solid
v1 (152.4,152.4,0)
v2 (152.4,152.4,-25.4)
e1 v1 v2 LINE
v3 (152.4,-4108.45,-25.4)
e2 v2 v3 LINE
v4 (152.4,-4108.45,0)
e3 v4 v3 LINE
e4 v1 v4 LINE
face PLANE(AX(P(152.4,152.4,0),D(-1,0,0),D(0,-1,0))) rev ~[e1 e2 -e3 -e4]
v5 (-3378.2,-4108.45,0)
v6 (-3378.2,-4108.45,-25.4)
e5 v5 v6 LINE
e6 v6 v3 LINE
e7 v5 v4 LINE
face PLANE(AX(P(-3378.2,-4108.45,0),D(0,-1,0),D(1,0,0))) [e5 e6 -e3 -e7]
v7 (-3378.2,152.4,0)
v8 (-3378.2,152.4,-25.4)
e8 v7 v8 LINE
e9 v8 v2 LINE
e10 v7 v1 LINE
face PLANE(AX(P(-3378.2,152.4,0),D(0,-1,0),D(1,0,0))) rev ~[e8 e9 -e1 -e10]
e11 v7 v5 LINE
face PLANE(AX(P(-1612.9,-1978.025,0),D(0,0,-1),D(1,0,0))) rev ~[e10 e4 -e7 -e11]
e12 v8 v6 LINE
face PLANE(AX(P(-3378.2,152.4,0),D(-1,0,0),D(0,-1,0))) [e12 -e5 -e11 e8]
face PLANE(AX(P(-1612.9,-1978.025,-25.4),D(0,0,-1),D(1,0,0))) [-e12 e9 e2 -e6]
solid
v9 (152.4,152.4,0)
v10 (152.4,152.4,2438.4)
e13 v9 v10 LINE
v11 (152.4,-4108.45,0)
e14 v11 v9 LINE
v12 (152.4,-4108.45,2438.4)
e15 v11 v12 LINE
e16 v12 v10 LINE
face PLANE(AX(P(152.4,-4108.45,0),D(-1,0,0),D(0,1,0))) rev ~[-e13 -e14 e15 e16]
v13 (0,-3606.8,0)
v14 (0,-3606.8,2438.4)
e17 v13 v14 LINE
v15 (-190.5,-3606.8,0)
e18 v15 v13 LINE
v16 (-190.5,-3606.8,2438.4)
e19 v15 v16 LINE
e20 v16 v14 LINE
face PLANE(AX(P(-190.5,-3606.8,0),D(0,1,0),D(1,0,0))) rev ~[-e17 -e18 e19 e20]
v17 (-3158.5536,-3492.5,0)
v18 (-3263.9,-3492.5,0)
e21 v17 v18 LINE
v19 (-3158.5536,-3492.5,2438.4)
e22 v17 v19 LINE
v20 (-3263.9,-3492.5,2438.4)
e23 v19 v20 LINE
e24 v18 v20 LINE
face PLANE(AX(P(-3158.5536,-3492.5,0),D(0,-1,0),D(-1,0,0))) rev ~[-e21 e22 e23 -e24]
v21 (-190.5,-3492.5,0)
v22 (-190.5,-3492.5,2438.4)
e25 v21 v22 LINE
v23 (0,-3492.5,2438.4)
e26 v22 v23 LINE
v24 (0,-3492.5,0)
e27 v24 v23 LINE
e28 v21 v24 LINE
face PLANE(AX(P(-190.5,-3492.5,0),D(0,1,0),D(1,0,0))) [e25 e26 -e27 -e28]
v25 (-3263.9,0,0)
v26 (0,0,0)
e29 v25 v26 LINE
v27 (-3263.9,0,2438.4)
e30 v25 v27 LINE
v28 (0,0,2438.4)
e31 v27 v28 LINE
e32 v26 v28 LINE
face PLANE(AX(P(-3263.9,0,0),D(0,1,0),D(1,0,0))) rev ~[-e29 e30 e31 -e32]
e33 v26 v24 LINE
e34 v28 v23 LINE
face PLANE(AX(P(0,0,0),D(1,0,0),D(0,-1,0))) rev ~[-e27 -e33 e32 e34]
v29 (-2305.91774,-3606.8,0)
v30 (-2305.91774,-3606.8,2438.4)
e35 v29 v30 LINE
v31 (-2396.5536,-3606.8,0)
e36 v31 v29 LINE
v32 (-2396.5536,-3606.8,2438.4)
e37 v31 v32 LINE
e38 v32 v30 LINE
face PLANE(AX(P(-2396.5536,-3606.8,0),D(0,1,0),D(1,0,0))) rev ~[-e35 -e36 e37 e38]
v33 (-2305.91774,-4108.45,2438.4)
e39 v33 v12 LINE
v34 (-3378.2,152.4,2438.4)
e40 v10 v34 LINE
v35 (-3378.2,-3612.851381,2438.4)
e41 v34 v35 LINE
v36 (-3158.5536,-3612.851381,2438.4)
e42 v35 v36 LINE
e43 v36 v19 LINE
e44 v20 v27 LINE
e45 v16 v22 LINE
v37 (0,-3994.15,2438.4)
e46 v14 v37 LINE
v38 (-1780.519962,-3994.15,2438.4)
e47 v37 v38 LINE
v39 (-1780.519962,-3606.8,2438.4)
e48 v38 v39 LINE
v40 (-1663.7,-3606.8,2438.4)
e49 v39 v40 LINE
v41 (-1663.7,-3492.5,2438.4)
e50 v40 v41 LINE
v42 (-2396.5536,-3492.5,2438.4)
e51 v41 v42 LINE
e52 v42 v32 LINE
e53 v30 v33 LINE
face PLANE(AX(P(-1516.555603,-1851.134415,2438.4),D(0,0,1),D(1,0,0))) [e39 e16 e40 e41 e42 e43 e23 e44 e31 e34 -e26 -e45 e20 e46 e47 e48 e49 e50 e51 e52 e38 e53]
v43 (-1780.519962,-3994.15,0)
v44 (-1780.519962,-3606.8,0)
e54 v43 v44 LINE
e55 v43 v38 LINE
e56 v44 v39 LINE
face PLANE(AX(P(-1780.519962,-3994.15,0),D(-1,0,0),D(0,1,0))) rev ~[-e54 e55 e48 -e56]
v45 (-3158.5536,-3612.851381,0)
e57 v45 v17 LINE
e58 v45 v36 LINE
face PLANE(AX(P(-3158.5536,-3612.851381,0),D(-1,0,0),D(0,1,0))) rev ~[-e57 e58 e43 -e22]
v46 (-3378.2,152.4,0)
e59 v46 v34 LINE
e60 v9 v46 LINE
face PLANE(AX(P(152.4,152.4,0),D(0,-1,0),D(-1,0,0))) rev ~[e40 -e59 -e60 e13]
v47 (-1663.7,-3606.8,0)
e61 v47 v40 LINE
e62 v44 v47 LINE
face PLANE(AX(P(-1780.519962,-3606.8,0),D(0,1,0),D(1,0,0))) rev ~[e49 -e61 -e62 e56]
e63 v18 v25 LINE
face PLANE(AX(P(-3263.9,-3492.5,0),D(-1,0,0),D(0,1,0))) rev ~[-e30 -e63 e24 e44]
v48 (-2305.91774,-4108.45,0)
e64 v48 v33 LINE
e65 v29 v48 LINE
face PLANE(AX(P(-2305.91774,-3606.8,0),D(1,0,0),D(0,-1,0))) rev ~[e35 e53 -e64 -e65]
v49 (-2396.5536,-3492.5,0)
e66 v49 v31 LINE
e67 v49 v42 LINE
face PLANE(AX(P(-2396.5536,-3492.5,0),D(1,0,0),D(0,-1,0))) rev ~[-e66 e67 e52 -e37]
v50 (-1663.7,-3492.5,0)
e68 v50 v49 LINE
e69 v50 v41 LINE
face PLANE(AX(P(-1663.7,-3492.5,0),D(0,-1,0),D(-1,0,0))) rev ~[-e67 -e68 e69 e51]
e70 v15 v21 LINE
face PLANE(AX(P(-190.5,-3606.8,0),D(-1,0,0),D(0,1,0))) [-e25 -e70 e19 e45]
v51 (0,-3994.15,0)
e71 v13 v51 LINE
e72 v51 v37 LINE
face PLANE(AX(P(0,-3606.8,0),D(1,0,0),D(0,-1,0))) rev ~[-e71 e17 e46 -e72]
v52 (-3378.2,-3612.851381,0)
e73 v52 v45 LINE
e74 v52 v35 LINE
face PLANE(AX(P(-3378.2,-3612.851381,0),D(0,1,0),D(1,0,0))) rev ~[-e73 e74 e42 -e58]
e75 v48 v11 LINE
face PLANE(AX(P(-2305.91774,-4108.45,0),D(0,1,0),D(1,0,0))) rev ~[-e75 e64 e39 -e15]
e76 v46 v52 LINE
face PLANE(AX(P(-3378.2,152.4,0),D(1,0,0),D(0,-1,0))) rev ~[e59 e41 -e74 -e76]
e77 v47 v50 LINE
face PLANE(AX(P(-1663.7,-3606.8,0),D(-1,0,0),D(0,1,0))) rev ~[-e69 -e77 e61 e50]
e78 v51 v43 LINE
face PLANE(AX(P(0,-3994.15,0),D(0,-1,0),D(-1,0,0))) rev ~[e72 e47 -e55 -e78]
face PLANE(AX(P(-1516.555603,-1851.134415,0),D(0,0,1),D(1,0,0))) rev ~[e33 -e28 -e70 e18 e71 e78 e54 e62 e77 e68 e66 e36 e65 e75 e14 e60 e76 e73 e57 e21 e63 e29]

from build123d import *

# Parameters (mm, degrees)
F0_W     = 190.5
F0_H     = 114.3
F1_DEPTH = 2438.4
F2_W     = 3530.6
F2_H     = 4260.85
F3_DEPTH = 25.4


with BuildPart() as f1:
    # F0 (on Top) → F1 (new body)
    with BuildSketch(Plane.XY):
        Polygon((-3263.9, 0), (0, 0), (0, -3492.5), (0, -3606.8), (0, -3994.15), (-1780.519962, -3994.15), (-1780.519962, -3606.8), (-2305.91774, -3606.8), (-2305.91774, -4108.45), (152.4, -4108.45), (152.4, 152.4), (-3378.2, 152.4), (-3378.2, -3612.851381), (-3263.9, -3612.851381), (-3158.5536, -3612.851381), (-3158.5536, -3492.5), (-3263.9, -3492.5), align=None)
        with Locations((-95.25, -3549.65)):
            Rectangle(F0_W, F0_H)
        Polygon((-2305.91774, -3606.8), (-1780.519962, -3606.8), (-1663.7, -3606.8), (-1663.7, -3492.5), (-2396.5536, -3492.5), (-2396.5536, -3606.8), align=None)
    extrude(amount=F1_DEPTH)


with BuildPart() as f3:
    # F2 (on face) → F3 (new body)
    with BuildSketch(Plane(origin=(0, 0, 0), x_dir=(1, 0, 0), z_dir=(0, 0, -1))):
        with Locations((-1612.9, 1978.025)):
            Rectangle(F2_W, F2_H)
    extrude(amount=F3_DEPTH)


solid = Compound([f1.part, f3.part])
